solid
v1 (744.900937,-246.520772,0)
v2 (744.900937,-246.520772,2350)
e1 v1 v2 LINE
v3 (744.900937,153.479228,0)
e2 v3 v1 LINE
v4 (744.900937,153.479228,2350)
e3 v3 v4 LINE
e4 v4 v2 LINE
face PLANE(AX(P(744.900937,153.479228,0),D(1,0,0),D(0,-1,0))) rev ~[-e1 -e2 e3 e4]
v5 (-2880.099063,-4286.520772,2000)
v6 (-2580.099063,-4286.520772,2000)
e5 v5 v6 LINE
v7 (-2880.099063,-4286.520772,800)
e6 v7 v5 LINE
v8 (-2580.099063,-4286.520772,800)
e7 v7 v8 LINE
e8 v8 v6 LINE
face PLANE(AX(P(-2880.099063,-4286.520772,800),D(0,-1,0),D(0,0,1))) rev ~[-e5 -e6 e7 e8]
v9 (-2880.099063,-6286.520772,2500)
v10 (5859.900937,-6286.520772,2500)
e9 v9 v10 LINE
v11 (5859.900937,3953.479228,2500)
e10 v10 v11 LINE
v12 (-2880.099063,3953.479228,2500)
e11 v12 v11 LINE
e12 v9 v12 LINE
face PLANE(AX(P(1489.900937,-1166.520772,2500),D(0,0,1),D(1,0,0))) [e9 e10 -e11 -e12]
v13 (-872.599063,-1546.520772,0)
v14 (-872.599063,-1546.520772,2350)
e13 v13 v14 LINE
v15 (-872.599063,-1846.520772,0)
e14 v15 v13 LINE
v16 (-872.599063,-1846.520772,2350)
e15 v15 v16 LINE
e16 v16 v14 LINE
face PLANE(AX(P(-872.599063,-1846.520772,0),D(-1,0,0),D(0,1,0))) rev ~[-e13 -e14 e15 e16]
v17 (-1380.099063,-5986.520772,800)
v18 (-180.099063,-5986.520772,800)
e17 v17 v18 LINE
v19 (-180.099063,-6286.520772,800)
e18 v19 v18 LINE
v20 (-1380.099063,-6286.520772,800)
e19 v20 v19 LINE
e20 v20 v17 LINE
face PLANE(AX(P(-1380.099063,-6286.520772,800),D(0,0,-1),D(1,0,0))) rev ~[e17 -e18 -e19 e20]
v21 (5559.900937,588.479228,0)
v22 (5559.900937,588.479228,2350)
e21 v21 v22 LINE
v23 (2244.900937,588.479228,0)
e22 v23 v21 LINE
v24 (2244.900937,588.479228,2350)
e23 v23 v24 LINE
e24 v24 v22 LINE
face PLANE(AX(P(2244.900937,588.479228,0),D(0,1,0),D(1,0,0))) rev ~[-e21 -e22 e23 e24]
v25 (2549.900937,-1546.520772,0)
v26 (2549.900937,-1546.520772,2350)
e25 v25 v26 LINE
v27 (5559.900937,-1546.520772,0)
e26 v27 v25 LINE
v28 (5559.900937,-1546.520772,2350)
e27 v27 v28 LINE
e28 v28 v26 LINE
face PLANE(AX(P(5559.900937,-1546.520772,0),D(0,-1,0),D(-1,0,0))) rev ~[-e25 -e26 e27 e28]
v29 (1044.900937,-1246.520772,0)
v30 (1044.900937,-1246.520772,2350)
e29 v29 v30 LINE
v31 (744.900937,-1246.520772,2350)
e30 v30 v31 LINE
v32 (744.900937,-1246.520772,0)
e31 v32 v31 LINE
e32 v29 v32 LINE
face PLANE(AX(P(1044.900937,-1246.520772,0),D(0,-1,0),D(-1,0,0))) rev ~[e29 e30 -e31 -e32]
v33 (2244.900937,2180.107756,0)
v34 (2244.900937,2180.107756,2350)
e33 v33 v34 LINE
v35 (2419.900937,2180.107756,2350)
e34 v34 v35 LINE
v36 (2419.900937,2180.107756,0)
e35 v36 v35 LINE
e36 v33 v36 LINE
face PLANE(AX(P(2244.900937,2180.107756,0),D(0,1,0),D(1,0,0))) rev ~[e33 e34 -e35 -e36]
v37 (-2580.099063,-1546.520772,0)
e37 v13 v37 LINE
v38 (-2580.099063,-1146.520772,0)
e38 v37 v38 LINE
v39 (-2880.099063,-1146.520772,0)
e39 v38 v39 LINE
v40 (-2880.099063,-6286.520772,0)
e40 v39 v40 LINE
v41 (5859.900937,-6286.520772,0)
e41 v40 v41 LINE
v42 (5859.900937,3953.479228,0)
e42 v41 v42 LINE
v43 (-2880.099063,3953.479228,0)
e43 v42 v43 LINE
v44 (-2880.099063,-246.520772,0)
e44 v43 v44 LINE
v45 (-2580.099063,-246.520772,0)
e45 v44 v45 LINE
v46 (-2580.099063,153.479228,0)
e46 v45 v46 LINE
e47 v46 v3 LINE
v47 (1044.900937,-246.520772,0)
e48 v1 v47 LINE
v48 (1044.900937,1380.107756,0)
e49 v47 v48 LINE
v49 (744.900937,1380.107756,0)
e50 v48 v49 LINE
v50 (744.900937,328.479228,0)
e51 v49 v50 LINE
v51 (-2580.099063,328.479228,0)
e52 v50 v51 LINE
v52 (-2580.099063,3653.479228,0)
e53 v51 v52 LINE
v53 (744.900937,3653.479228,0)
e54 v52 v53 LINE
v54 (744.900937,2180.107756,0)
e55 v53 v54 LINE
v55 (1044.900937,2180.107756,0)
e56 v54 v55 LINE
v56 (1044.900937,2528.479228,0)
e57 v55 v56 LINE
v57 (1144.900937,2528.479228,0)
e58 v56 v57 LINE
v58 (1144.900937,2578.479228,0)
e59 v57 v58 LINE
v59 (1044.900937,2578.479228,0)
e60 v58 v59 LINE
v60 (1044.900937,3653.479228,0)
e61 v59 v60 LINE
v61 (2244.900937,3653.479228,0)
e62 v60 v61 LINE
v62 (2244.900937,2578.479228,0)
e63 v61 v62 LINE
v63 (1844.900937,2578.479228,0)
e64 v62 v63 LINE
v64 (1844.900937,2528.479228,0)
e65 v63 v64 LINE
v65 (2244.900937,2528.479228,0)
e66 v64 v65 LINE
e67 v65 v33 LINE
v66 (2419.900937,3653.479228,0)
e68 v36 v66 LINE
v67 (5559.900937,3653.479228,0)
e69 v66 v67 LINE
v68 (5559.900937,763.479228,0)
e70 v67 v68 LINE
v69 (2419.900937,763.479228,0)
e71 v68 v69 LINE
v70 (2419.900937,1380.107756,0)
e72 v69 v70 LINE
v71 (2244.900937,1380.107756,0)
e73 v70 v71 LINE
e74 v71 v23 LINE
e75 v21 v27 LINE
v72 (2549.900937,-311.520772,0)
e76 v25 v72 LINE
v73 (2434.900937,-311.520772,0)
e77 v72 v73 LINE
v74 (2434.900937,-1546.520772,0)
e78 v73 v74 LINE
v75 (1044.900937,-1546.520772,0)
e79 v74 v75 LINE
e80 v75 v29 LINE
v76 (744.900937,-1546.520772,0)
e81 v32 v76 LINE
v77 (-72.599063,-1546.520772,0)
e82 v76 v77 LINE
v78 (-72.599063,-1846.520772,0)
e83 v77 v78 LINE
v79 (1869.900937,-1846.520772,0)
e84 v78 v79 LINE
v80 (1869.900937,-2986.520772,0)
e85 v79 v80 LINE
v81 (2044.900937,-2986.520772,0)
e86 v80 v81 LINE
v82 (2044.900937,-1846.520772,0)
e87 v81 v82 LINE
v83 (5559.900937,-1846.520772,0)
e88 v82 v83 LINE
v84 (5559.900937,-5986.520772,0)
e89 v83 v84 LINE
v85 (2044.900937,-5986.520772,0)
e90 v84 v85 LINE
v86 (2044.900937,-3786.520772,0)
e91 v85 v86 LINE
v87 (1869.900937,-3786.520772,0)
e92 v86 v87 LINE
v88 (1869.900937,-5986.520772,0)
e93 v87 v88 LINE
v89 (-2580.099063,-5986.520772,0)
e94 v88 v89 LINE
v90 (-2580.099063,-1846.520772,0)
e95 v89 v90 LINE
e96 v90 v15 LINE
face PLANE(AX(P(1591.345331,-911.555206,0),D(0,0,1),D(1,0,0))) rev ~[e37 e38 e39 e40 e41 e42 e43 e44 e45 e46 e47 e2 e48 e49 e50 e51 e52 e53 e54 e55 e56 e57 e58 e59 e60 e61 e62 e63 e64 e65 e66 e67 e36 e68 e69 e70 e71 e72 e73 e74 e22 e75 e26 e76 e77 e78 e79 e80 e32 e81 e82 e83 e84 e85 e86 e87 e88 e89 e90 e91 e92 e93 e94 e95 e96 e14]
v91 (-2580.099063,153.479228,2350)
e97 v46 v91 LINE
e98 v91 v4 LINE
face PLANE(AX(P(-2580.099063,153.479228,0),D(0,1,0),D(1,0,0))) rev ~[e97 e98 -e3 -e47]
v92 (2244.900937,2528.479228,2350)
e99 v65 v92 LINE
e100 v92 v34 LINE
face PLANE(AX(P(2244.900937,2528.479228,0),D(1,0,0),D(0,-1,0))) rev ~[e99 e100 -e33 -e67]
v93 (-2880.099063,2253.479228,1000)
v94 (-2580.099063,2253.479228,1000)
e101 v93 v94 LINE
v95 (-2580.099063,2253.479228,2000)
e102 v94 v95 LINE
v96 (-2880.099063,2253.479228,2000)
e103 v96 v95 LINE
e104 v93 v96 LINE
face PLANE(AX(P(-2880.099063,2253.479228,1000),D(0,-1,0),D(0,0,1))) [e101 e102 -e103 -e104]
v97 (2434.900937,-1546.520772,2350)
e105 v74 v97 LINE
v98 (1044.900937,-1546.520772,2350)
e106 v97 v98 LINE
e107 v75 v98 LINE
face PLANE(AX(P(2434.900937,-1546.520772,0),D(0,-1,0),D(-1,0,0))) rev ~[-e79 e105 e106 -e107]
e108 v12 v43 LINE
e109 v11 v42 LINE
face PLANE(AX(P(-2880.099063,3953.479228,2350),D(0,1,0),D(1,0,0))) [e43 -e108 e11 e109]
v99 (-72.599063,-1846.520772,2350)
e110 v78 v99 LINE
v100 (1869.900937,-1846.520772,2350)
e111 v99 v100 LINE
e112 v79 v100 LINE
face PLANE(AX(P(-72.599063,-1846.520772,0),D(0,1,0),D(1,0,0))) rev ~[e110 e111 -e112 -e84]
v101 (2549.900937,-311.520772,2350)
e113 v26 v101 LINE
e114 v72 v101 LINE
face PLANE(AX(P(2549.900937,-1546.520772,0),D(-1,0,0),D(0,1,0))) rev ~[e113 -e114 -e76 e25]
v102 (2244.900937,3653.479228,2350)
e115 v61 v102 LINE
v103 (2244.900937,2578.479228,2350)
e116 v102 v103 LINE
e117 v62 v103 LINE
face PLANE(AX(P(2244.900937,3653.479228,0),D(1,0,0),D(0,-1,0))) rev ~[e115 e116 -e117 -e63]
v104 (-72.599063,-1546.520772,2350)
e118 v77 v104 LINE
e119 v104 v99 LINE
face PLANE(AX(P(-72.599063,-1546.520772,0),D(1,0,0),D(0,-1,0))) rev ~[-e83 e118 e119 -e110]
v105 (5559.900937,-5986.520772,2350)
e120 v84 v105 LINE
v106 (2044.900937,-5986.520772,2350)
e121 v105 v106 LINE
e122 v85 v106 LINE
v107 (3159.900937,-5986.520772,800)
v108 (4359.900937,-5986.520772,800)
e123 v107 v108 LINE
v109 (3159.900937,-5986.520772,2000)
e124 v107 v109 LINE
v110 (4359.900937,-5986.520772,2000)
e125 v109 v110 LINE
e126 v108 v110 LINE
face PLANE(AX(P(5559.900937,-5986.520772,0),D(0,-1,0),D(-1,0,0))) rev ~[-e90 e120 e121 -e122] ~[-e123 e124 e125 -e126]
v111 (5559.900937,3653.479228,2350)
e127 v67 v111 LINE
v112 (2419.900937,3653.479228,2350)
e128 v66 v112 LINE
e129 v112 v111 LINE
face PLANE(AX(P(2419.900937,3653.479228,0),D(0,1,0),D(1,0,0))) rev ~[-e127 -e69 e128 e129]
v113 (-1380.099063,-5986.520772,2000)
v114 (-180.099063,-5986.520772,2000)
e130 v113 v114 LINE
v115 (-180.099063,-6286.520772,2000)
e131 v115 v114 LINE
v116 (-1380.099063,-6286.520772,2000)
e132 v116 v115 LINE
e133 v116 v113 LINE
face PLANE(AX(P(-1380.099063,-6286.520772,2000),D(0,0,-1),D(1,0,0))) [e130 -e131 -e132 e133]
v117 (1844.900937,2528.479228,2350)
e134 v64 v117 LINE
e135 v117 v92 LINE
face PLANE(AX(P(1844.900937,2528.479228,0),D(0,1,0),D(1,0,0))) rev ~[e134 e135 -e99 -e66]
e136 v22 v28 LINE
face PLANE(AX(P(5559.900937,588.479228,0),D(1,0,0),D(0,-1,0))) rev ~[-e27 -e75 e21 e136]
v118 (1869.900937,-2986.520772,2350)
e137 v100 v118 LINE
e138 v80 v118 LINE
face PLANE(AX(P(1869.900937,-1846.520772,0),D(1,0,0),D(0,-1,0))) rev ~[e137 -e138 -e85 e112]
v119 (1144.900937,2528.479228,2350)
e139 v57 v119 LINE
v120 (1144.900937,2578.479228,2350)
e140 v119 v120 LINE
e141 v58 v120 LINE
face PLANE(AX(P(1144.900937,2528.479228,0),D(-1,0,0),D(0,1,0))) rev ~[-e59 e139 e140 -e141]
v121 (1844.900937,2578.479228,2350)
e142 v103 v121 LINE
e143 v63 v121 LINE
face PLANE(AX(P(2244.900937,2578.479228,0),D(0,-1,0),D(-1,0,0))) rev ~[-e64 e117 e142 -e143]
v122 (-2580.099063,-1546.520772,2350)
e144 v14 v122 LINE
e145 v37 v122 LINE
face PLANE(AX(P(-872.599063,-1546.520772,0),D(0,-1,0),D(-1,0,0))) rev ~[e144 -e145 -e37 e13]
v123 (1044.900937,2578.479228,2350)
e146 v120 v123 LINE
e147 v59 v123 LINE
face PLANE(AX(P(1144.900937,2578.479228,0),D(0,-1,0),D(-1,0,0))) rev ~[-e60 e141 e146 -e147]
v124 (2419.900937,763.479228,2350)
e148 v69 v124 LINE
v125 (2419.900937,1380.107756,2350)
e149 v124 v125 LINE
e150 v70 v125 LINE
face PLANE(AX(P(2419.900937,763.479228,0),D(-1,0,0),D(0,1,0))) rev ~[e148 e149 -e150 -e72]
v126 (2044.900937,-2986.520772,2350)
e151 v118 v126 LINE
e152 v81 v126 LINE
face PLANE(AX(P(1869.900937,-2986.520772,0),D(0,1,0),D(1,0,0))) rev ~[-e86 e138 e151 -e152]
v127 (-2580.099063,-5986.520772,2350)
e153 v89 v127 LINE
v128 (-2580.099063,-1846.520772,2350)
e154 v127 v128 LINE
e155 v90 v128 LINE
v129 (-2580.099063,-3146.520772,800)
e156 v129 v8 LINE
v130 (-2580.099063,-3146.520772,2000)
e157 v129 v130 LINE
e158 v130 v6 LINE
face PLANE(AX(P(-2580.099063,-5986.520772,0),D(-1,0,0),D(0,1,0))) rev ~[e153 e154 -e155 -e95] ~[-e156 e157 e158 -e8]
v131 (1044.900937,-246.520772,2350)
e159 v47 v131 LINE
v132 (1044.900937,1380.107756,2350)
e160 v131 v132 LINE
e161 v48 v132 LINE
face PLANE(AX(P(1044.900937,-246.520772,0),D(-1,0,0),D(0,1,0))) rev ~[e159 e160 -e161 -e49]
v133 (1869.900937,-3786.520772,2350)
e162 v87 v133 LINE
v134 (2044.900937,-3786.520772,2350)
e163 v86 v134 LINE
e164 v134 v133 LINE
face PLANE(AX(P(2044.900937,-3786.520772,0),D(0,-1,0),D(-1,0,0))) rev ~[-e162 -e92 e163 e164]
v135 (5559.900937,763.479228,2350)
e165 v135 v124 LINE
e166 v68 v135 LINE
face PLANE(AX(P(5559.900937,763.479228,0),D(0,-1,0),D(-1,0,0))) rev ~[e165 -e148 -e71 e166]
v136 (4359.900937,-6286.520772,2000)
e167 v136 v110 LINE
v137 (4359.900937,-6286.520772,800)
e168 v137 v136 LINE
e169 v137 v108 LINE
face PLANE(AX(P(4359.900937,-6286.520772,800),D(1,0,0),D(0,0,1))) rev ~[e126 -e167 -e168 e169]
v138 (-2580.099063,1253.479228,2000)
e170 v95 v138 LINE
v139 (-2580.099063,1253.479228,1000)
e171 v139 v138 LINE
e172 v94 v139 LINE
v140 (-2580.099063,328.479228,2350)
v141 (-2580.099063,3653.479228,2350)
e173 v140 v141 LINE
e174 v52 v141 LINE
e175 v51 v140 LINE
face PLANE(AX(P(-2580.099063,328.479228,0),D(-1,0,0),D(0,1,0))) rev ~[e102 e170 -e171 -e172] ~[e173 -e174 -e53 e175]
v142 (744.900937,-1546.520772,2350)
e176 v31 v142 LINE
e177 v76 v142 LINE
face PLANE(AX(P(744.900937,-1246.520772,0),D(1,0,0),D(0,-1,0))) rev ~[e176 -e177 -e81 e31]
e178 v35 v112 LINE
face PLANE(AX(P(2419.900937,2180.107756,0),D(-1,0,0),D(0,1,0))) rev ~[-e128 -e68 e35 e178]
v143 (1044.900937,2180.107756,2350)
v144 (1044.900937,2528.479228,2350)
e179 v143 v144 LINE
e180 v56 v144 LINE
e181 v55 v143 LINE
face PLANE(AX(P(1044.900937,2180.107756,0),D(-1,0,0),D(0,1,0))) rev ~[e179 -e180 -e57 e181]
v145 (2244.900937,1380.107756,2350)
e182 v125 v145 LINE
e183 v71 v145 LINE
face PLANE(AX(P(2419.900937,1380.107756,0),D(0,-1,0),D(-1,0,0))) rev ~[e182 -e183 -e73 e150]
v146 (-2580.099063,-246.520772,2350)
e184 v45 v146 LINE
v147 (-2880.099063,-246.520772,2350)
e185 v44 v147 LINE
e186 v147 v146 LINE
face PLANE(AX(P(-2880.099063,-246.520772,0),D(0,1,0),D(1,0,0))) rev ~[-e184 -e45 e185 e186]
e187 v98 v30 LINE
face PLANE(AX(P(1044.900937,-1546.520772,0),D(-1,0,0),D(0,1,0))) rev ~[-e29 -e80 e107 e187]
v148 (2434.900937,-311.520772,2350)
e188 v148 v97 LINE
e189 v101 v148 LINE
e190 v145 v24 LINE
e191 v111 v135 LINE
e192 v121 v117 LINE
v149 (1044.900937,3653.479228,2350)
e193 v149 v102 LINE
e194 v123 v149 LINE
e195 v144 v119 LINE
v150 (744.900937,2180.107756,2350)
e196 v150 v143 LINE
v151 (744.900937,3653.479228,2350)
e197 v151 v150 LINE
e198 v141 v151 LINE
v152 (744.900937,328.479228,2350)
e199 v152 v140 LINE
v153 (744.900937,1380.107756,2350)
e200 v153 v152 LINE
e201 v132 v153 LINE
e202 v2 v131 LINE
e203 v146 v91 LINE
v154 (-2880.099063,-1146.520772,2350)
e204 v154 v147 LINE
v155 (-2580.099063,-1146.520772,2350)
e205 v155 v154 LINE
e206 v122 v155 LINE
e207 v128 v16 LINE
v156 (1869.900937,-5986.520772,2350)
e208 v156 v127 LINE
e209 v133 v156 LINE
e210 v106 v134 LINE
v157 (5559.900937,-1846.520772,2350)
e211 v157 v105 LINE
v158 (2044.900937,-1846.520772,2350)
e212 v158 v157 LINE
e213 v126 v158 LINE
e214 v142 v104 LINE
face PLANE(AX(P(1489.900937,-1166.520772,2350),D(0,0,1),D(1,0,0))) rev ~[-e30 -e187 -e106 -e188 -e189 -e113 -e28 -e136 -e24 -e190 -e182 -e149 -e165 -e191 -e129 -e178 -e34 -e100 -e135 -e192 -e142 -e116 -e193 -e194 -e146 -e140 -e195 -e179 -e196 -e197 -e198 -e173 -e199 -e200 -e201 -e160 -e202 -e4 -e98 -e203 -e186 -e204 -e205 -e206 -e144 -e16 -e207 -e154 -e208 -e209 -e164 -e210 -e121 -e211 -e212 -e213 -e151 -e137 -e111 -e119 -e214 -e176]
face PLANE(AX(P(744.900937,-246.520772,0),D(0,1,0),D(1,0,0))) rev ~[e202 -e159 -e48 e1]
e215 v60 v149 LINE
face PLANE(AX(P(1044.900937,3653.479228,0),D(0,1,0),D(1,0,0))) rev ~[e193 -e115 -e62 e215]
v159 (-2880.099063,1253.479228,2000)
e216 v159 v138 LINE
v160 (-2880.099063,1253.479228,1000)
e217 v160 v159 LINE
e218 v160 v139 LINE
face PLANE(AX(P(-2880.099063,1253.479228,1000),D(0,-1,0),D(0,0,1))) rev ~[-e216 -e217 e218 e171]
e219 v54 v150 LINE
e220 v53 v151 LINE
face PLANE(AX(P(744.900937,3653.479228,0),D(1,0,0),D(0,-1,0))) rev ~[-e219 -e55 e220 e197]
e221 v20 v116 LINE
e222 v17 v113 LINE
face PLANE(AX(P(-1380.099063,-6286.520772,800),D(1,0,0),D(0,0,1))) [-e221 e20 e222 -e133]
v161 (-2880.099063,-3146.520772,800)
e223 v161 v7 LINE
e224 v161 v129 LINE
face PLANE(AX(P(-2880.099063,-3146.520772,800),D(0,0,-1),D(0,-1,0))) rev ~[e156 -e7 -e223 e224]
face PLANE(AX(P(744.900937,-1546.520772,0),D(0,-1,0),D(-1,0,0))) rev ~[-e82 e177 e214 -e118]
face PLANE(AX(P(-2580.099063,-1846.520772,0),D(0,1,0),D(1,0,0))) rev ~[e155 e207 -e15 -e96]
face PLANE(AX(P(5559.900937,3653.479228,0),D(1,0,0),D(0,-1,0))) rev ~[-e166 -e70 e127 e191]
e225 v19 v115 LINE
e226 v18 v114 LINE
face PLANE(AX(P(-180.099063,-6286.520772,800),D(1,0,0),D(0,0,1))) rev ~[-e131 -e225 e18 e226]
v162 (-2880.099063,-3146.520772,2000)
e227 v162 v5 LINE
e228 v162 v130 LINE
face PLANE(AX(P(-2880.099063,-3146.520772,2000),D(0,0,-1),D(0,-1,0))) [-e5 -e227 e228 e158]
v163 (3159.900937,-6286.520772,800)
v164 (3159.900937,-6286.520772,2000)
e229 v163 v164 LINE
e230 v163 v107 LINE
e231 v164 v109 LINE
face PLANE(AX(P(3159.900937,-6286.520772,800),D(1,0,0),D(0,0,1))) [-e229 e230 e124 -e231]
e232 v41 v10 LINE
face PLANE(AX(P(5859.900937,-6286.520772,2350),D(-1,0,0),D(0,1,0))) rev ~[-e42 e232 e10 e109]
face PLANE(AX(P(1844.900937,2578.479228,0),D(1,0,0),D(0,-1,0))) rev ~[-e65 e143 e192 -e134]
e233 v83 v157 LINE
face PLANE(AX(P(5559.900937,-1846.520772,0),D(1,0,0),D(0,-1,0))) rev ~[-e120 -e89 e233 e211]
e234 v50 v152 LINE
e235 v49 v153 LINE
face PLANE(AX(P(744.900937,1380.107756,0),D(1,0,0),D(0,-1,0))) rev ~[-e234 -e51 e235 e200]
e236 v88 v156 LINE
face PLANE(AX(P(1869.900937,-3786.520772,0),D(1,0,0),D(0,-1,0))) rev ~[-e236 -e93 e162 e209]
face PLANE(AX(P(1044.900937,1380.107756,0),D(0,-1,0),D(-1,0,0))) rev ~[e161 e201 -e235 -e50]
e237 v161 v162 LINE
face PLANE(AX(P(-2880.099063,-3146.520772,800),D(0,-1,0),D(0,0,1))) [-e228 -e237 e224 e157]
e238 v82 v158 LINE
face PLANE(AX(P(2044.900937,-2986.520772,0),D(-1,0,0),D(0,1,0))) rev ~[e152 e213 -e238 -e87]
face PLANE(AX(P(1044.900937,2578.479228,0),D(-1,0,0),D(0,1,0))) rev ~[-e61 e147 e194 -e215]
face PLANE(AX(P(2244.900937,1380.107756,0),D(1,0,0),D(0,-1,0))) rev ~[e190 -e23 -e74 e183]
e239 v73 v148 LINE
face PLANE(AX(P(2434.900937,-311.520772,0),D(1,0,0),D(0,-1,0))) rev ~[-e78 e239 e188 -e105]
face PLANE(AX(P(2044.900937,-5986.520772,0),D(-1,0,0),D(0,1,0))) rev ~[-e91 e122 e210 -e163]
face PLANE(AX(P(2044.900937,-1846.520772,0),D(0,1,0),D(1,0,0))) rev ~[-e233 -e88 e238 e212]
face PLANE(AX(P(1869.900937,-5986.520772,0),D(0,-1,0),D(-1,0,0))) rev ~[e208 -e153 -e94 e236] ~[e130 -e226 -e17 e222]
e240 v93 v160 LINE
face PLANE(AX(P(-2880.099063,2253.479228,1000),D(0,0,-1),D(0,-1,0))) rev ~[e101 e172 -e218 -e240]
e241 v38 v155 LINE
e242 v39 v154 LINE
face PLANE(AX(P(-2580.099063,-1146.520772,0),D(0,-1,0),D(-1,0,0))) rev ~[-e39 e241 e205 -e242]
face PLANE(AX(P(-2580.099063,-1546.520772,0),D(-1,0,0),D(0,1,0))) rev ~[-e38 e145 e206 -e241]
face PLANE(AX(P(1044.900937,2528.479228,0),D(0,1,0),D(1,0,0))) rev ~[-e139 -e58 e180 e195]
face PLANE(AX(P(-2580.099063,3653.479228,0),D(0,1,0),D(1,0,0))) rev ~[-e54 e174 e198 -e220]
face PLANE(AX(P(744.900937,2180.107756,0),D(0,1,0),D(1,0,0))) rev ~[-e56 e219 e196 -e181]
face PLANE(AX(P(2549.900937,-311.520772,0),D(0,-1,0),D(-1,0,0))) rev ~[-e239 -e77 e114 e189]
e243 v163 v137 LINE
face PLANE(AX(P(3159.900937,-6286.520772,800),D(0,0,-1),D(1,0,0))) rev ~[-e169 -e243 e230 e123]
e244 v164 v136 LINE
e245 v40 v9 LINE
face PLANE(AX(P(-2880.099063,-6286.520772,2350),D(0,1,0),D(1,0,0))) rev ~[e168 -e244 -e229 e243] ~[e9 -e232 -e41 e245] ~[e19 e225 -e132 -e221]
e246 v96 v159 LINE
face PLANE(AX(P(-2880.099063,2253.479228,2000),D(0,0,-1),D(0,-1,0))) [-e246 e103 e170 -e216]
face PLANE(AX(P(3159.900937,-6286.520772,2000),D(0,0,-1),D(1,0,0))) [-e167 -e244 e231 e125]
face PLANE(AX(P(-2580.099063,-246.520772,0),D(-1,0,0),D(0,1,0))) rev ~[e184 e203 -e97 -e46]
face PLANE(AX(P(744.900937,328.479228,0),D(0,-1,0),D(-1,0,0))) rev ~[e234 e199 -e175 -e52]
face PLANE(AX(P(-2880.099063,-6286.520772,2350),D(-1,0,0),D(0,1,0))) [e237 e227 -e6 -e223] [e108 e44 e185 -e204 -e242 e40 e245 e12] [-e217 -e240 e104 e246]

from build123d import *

# Parameters (mm, degrees)
F1_DEPTH = 2350
F2_W     = 8740
F2_H     = 10240
F3_DEPTH = 150
F4_W     = 1000
F4_H     = 1000
F4_W_2   = 1140
F4_H_2   = 1200
F5_DEPTH = 300
F6_W     = 1200
F6_H     = 1200
F7_DEPTH = 300


with BuildPart() as f1:
    # F0 (on Top) → F1 (new body)
    with BuildSketch(Plane.XY):
        Polygon((5859.900937, 3953.479228), (-2880.099063, 3953.479228), (-2880.099063, -246.520772), (-2580.099063, -246.520772), (-2580.099063, 153.479228), (744.900937, 153.479228), (744.900937, -246.520772), (1044.900937, -246.520772), (1044.900937, 1380.107756), (744.900937, 1380.107756), (744.900937, 328.479228), (-2580.099063, 328.479228), (-2580.099063, 3653.479228), (744.900937, 3653.479228), (744.900937, 2180.107756), (1044.900937, 2180.107756), (1044.900937, 2528.479228), (1144.900937, 2528.479228), (1144.900937, 2578.479228), (1044.900937, 2578.479228), (1044.900937, 3653.479228), (2244.900937, 3653.479228), (2244.900937, 2578.479228), (1844.900937, 2578.479228), (1844.900937, 2528.479228), (2244.900937, 2528.479228), (2244.900937, 2180.107756), (2419.900937, 2180.107756), (2419.900937, 3653.479228), (5559.900937, 3653.479228), (5559.900937, 763.479228), (2419.900937, 763.479228), (2419.900937, 1380.107756), (2244.900937, 1380.107756), (2244.900937, 588.479228), (5559.900937, 588.479228), (5559.900937, -1546.520772), (2549.900937, -1546.520772), (2549.900937, -311.520772), (2434.900937, -311.520772), (2434.900937, -1546.520772), (1044.900937, -1546.520772), (1044.900937, -1246.520772), (744.900937, -1246.520772), (744.900937, -1546.520772), (-72.599063, -1546.520772), (-72.599063, -1846.520772), (1869.900937, -1846.520772), (1869.900937, -2986.520772), (2044.900937, -2986.520772), (2044.900937, -1846.520772), (5559.900937, -1846.520772), (5559.900937, -5986.520772), (2044.900937, -5986.520772), (2044.900937, -3786.520772), (1869.900937, -3786.520772), (1869.900937, -5986.520772), (-2580.099063, -5986.520772), (-2580.099063, -1846.520772), (-872.599063, -1846.520772), (-872.599063, -1546.520772), (-2580.099063, -1546.520772), (-2580.099063, -1146.520772), (-2880.099063, -1146.520772), (-2880.099063, -6286.520772), (5859.900937, -6286.520772), align=None)
    extrude(amount=F1_DEPTH)

    # F2 (on face) → F3 (join)
    with BuildSketch(Plane.XY.offset(2350)):
        with Locations((1489.900937, -1166.520772)):
            Rectangle(F2_W, F2_H)
    extrude(amount=F3_DEPTH)

    # F4 (on face) → F5 (cut)
    with BuildSketch(Plane(origin=(-2880.099063, 0, 0), x_dir=(0, -1, 0), z_dir=(-1, 0, 0))):
        with Locations((-1753.479228, 1500)):
            Rectangle(F4_W, F4_H)
        with Locations((3716.520772, 1400)):
            Rectangle(F4_W_2, F4_H_2)
    extrude(amount=-F5_DEPTH, mode=Mode.SUBTRACT)

    # F6 (on face) → F7 (cut)
    with BuildSketch(Plane.XZ.offset(6286.520772)):
        with Locations((-780.099063, 1400)):
            Rectangle(F6_W, F6_H)
        with Locations((3759.900937, 1400)):
            Rectangle(F6_W, F6_H)
    extrude(amount=-F7_DEPTH, mode=Mode.SUBTRACT)


solid = f1.part
